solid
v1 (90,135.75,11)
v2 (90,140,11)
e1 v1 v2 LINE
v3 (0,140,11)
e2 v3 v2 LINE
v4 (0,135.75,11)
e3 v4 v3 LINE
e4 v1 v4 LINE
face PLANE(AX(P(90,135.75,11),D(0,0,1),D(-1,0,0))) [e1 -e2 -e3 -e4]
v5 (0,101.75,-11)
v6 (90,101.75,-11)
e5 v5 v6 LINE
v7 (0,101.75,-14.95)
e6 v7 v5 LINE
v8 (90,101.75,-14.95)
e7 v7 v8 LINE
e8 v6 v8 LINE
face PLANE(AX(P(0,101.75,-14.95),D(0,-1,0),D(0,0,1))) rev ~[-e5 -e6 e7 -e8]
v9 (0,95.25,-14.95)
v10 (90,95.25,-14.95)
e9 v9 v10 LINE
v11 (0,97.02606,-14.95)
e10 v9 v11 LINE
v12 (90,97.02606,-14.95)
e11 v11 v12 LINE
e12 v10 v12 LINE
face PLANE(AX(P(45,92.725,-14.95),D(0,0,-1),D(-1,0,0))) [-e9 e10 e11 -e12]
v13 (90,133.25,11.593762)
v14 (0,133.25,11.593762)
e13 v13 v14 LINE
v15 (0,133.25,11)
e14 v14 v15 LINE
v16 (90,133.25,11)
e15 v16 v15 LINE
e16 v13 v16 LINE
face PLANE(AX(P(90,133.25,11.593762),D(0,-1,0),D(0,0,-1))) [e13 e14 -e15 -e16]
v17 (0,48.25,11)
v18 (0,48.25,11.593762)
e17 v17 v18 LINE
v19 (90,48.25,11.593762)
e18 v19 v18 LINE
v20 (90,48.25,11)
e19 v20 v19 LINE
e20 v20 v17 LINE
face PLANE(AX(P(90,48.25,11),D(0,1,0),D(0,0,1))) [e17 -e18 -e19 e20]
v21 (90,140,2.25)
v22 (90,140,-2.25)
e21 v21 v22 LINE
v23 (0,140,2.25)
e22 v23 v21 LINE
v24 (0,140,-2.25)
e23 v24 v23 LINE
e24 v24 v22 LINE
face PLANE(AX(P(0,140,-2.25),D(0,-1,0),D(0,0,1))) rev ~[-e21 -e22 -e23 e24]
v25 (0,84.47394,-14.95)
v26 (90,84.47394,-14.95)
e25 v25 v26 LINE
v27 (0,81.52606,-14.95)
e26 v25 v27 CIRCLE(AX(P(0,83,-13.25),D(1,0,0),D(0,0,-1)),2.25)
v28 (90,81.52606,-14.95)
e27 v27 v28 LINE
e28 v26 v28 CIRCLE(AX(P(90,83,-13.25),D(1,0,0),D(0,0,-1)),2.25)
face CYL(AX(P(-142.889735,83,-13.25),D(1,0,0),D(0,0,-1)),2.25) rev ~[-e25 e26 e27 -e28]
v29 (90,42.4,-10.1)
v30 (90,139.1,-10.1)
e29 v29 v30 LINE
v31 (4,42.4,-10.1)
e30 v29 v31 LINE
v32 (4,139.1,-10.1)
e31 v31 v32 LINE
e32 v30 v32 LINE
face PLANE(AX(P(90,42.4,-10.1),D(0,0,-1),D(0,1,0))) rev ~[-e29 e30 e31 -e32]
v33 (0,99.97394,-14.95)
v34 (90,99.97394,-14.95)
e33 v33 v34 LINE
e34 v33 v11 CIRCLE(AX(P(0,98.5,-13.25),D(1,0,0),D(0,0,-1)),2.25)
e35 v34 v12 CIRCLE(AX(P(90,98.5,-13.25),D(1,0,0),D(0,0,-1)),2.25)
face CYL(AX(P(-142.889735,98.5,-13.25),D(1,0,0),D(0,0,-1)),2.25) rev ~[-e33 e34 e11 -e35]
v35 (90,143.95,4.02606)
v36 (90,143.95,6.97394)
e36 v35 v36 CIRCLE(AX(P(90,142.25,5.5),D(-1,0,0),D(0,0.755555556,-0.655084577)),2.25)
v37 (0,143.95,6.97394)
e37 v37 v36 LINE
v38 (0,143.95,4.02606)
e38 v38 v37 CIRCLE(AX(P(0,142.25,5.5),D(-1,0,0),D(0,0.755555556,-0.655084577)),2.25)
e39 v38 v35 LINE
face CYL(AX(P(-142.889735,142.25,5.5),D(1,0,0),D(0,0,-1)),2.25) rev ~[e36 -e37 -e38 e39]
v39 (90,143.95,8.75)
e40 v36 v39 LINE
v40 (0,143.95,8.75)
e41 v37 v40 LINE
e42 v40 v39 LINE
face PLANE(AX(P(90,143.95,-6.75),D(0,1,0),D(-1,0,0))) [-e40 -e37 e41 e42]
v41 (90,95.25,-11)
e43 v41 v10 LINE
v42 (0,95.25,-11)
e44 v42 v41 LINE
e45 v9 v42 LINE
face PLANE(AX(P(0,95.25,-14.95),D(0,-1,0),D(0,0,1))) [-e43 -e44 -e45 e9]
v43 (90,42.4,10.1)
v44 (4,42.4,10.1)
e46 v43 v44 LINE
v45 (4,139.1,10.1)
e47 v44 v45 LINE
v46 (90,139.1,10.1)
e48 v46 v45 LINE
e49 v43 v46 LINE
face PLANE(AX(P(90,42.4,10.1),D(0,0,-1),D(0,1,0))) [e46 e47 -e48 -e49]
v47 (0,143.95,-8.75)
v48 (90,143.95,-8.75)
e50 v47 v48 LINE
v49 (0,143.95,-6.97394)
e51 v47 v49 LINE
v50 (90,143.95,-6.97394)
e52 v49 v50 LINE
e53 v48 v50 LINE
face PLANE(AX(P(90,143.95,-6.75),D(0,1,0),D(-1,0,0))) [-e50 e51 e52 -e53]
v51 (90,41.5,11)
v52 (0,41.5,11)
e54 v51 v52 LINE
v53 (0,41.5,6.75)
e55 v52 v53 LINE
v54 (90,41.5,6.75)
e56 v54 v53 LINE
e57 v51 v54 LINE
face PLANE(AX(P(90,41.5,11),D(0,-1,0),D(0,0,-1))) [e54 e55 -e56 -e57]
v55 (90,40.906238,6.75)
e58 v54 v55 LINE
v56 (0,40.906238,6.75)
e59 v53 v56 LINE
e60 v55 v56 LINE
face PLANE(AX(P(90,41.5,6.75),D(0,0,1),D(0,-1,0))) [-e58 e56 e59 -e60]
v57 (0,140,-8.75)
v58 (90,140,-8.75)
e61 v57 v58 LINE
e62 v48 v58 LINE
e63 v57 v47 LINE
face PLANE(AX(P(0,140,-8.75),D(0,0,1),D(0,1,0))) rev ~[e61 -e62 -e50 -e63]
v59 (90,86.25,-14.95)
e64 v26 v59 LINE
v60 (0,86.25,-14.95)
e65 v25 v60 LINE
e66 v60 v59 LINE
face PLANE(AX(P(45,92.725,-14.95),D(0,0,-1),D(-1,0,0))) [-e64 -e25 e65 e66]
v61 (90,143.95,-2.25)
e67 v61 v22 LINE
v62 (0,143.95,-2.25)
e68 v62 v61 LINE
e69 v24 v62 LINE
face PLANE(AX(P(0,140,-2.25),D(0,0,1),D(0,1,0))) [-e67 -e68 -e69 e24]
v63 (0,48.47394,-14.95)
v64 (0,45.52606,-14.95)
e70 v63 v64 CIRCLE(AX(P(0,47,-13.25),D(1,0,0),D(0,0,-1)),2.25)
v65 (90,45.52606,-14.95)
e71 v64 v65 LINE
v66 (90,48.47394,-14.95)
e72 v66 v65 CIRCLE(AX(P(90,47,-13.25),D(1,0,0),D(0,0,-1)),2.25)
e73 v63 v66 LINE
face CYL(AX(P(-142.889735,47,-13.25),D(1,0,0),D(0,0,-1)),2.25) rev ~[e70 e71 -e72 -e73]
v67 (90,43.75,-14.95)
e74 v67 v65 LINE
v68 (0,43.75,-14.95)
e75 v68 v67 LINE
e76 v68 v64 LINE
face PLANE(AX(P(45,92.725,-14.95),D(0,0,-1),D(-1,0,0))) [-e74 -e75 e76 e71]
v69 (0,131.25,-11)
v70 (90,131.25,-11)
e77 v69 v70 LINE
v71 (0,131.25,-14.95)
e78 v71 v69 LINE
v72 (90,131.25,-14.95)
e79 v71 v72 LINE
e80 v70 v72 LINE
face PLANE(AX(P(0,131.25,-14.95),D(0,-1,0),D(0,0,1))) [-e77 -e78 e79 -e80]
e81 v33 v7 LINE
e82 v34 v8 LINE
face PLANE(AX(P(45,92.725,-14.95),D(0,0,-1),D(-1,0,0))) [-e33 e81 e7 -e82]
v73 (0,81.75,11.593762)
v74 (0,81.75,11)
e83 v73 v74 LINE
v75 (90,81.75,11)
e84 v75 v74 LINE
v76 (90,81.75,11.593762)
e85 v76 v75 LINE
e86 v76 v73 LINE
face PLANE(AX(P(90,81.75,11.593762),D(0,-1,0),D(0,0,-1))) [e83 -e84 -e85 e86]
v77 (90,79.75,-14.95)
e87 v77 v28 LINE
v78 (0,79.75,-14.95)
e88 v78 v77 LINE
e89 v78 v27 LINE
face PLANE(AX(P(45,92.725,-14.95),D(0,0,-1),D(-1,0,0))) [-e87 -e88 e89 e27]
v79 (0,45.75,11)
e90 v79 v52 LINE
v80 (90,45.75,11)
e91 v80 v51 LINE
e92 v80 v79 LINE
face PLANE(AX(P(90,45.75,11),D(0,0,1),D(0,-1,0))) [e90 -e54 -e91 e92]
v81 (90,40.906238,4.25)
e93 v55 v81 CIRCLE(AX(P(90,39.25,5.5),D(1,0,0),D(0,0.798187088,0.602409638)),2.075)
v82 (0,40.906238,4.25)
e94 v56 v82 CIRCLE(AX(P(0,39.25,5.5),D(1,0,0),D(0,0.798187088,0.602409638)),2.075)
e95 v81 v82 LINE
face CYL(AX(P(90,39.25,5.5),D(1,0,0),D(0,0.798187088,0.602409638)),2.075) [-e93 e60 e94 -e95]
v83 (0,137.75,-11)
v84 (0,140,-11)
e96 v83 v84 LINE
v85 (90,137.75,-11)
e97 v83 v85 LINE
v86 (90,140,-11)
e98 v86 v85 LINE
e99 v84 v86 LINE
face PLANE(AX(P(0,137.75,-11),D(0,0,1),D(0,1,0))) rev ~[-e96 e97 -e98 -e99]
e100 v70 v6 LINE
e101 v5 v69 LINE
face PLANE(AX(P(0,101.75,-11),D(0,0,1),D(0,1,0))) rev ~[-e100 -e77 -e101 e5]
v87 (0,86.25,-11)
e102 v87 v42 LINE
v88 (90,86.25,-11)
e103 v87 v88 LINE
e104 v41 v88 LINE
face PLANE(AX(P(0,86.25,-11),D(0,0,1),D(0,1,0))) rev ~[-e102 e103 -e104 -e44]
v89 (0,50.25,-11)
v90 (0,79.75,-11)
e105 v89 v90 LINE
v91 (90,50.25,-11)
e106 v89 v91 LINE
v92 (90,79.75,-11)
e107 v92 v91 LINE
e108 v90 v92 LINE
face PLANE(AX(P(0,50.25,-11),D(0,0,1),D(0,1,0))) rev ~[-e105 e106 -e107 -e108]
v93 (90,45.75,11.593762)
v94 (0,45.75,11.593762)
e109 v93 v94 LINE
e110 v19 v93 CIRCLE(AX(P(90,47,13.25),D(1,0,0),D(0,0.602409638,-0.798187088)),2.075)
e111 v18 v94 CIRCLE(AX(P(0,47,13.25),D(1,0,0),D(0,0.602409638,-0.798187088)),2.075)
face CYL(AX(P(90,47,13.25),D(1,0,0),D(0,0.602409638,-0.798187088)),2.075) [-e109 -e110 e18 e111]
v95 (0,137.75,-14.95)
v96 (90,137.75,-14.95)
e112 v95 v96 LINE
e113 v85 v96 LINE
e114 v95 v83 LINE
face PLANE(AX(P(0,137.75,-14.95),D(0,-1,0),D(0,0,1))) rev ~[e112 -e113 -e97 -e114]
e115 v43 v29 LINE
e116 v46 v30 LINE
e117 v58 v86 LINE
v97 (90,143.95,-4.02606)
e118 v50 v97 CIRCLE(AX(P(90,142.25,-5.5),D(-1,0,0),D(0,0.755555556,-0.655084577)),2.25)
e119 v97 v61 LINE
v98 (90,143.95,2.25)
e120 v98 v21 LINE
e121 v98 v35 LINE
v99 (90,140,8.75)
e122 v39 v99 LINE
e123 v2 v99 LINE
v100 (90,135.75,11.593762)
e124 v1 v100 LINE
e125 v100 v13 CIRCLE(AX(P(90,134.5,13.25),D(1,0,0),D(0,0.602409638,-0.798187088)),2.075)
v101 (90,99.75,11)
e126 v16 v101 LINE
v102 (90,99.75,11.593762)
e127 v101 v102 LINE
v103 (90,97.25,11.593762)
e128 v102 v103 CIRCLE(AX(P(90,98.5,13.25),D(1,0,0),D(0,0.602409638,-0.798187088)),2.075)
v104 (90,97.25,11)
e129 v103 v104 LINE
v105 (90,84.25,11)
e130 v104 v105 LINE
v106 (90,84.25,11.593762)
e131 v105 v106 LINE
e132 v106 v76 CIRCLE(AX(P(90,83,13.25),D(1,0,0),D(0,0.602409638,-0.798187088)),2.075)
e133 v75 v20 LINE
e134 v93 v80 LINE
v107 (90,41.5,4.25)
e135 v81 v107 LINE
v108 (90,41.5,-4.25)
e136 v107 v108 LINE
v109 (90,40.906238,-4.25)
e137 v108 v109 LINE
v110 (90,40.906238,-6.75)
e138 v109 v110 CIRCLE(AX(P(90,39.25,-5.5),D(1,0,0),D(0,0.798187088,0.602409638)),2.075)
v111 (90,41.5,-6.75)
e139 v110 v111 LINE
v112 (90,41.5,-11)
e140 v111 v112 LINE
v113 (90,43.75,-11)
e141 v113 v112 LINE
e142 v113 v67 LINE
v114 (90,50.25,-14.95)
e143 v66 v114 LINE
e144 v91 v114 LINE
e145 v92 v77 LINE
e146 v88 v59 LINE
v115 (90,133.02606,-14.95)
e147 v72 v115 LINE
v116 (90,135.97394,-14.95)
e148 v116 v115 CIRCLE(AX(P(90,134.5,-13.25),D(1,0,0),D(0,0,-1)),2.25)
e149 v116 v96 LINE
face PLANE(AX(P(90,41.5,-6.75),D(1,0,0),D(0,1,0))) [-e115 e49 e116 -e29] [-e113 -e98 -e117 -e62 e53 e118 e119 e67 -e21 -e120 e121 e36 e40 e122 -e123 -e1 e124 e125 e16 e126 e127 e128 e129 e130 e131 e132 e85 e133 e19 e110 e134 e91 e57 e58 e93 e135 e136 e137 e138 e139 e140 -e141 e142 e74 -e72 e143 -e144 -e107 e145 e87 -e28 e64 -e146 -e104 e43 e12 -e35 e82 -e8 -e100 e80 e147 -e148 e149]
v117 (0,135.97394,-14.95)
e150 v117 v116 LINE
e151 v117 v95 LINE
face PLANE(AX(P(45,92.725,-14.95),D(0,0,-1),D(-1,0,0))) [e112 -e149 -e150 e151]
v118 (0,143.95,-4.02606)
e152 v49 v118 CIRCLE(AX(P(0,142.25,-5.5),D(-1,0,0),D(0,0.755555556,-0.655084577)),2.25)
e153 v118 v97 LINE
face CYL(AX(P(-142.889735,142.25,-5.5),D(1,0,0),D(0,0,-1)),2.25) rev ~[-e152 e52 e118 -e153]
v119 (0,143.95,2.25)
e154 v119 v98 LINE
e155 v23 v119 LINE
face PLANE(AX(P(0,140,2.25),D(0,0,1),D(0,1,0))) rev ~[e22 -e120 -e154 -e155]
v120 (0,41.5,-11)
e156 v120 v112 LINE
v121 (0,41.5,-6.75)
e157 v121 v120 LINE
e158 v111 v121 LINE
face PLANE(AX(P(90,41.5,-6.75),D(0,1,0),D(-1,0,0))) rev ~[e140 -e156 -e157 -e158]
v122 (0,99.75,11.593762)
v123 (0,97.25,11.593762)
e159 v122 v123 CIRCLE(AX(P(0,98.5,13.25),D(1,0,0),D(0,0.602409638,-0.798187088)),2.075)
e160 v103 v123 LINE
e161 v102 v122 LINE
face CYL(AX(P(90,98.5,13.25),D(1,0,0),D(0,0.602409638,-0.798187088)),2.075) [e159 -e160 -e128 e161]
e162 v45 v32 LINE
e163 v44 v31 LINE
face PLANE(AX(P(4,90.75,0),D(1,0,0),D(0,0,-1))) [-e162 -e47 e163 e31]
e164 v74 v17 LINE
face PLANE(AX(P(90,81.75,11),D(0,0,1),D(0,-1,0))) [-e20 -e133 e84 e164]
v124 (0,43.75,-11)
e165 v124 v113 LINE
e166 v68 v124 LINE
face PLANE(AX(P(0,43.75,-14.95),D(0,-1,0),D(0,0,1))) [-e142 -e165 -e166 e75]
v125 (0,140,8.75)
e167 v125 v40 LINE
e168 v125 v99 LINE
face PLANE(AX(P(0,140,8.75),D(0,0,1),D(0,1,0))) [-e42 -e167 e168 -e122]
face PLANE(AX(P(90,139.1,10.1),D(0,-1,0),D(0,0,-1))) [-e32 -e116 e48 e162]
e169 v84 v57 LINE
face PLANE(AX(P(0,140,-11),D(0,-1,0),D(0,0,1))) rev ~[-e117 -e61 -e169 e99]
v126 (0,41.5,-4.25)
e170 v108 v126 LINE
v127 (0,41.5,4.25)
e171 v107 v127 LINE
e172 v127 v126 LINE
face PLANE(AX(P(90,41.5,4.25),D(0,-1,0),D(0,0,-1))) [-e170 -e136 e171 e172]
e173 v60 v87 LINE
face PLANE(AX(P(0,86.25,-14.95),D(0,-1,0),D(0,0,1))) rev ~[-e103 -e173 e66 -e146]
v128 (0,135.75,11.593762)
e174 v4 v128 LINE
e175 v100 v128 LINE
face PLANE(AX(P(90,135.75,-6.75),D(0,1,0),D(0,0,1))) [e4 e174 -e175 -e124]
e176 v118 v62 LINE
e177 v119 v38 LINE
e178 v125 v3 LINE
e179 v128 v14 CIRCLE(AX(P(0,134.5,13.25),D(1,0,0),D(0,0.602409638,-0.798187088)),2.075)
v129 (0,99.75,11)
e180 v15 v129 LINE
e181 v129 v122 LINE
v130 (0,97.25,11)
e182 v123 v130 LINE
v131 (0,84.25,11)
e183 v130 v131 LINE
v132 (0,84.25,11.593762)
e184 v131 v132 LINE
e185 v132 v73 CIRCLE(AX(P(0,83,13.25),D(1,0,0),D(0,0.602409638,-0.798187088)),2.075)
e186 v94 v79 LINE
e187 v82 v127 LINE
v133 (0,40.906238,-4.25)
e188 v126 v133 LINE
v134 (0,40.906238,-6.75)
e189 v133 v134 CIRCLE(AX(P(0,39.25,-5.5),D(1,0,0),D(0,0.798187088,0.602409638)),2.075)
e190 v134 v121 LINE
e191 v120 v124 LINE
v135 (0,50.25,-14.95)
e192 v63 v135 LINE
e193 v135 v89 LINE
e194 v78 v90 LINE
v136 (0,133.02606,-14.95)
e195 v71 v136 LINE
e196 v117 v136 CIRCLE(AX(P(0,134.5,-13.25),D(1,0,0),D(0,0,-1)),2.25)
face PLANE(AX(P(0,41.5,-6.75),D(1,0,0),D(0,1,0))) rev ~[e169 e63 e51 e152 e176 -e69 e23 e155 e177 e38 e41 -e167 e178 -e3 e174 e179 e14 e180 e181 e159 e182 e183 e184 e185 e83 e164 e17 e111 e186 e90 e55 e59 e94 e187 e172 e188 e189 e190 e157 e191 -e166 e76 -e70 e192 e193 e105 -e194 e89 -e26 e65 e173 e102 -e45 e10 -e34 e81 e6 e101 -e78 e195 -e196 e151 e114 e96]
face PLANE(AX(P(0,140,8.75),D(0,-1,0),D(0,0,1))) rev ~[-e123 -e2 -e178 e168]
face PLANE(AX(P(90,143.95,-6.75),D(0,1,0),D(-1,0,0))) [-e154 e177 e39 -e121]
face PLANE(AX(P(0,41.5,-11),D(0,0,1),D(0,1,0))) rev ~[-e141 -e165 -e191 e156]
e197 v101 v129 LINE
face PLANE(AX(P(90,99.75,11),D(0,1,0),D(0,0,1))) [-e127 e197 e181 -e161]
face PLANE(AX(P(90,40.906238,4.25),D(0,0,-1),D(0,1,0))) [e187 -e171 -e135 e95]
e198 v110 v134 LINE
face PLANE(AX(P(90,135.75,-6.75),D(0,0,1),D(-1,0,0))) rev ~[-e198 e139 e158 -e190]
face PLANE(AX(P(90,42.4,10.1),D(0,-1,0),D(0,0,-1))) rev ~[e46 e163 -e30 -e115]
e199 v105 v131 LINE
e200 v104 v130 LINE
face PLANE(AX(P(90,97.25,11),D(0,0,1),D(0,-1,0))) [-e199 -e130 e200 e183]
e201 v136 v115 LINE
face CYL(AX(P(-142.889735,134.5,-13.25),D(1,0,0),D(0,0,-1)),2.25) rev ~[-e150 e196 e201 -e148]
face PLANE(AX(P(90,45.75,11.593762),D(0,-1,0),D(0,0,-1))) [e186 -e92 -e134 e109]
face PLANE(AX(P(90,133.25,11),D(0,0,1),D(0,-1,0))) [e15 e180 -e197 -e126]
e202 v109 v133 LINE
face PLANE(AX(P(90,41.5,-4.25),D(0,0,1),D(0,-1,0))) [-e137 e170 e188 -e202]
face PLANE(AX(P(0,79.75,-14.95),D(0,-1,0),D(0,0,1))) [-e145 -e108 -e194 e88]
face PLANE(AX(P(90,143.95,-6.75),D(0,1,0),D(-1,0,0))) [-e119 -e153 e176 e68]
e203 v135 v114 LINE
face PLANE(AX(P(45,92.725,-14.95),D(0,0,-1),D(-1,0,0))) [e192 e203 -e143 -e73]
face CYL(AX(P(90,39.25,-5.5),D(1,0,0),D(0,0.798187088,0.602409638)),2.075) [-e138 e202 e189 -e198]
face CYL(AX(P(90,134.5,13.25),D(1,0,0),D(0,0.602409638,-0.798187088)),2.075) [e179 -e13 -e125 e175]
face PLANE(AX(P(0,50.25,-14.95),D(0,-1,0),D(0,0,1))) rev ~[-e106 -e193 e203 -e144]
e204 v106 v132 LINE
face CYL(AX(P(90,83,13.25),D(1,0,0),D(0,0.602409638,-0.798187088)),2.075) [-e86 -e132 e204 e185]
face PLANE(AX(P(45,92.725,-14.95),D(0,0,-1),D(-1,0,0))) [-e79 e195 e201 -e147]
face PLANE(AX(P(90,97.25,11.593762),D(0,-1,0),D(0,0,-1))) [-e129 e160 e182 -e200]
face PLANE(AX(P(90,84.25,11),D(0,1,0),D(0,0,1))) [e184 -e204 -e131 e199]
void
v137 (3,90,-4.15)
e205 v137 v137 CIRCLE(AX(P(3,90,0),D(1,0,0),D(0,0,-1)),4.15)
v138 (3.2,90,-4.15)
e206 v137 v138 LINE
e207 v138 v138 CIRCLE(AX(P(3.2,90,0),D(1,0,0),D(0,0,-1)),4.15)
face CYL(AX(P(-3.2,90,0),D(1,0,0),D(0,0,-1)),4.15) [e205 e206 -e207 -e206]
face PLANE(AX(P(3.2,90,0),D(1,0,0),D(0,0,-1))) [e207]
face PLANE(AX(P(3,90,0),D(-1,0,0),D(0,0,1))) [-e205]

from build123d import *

# Parameters (mm, degrees)
EXTRUDE_1_DEPTH             = 90
SKETCH_2_W                  = 90
SKETCH_2_H                  = 17.75
EXTRUDE_2_DEPTH             = 8.2
SKETCH_3_W                  = 90
SKETCH_3_H                  = 102.45
EXTRUDE_3_DEPTH             = 8.2
SKETCH_4_W                  = 3.95
SKETCH_4_H                  = 2.25
CUT_EXTRUDE_1_DEPTH         = 171.45954982
SKETCH_5_W                  = 3.95
SKETCH_5_H                  = 29.5
CUT_EXTRUDE_2_DEPTH         = 171.45954982
SKETCH_6_W                  = 3.95
SKETCH_6_H                  = 9
CUT_EXTRUDE_3_DEPTH         = 171.45954982
SKETCH_7_W                  = 3.95
SKETCH_7_H                  = 29.5
CUT_EXTRUDE_4_DEPTH         = 171.45954982
SKETCH_8_W                  = 3.95
SKETCH_8_H                  = 6.2
CUT_EXTRUDE_5_DEPTH         = 171.45954982
SKETCH_9_W                  = 2.25
SKETCH_9_H                  = 3.95
CUT_EXTRUDE_6_DEPTH         = 171.45954982
SKETCH_10_W                 = 4.5
SKETCH_10_H                 = 3.95
CUT_EXTRUDE_7_DEPTH         = 171.45954982
SKETCH_11_W                 = 2.25
SKETCH_11_H                 = 3.95
CUT_EXTRUDE_8_DEPTH         = 171.45954982
SKETCH_12_W                 = 20.2
SKETCH_12_H                 = 96.7
CUT_EXTRUDE_9_DEPTH         = 86
HOLE_WIZARD_8_3_8_3_1_D     = 8.3
HOLE_WIZARD_8_3_8_3_1_DEPTH = 3.2
HOLE_WIZARD_4_5_4_5_1_D     = 4.5
HOLE_WIZARD_2_5_2_5_1_D     = 2.5
SKETCH_19_R                 = 4.5030807
EXTRUDE_4_DEPTH             = 3
SKETCH_20_R                 = 1.649948342
SKETCH_20_R_2               = 1.660581376
SKETCH_20_R_3               = 1.430745594
SKETCH_20_R_4               = 1.573250385
SKETCH_20_R_5               = 1.502029841
SKETCH_20_R_6               = 1.53795619
EXTRUDE_5_DEPTH             = 90


with BuildPart() as part:
    # Эскиз1 → Бобышка-Вытянуть1 (new body)
    with BuildSketch(Plane(origin=(90, 0, 0), x_dir=(0, 0, -1), z_dir=(1, 0, 0))):
        with BuildLine():
            Line((6.75, 40.906238208), (6.75, 135.75))
            Line((6.75, 135.75), (-11.593761792, 135.75))
            ThreePointArc((-11.593761792, 135.75), (-15.325, 134.5), (-11.593761793, 133.25))
            Line((-11.593761793, 133.25), (-11, 133.25))
            Line((-11, 133.25), (-11, 99.75))
            Line((-11, 99.75), (-11.593761792, 99.75))
            ThreePointArc((-11.593761792, 99.75), (-15.325, 98.5), (-11.593761792, 97.25))
            Line((-11.593761792, 97.25), (-11, 97.25))
            Line((-11, 97.25), (-11, 84.25))
            Line((-11, 84.25), (-11.593761792, 84.25))
            ThreePointArc((-11.593761792, 84.25), (-15.325, 83), (-11.593761792, 81.75))
            Line((-11.593761792, 81.75), (-11, 81.75))
            Line((-11, 81.75), (-11, 48.25))
            Line((-11, 48.25), (-11.593761792, 48.25))
            ThreePointArc((-11.593761792, 48.25), (-15.325, 47), (-11.593761792, 45.75))
            Line((-11.593761792, 45.75), (-11, 45.75))
            Line((-11, 45.75), (-11, 41.5))
            Line((-11, 41.5), (-6.75, 41.5))
            Line((-6.75, 41.5), (-6.75, 40.906238208))
            ThreePointArc((-6.75, 40.906238208), (-5.5, 37.175), (-4.25, 40.906238208))
            Line((-4.25, 40.906238208), (-4.25, 41.5))
            Line((-4.25, 41.5), (4.25, 41.5))
            Line((4.25, 41.5), (4.25, 40.906238208))
            ThreePointArc((4.25, 40.906238208), (5.5, 37.175), (6.75, 40.906238208))
        make_face()
    extrude(amount=-EXTRUDE_1_DEPTH)

    # Эскиз2 → Бобышка-Вытянуть2 (add)
    with BuildSketch(Plane(origin=(0, 135.75, 0), x_dir=(-1, 0, 0), z_dir=(0, 1, 0))):
        with Locations((-45, 2.125)):
            Rectangle(SKETCH_2_W, SKETCH_2_H)
    extrude(amount=EXTRUDE_2_DEPTH)

    # Эскиз3 → Бобышка-Вытянуть3 (add)
    with BuildSketch(Plane(origin=(0, 0, -6.75), x_dir=(-1, 0, 0), z_dir=(0, 0, -1))):
        with Locations((-45, 92.725)):
            Rectangle(SKETCH_3_W, SKETCH_3_H)
    extrude(amount=EXTRUDE_3_DEPTH)

    # Эскиз4 → Вырез-Вытянуть1 (cut, through all)
    with BuildSketch(Plane.ZY):
        with Locations((-12.975, 42.625)):
            Rectangle(SKETCH_4_W, SKETCH_4_H)
    extrude(amount=-CUT_EXTRUDE_1_DEPTH, mode=Mode.SUBTRACT)

    # Эскиз5 → Вырез-Вытянуть2 (cut, through all)
    with BuildSketch(Plane.ZY):
        with Locations((-12.975, 65)):
            Rectangle(SKETCH_5_W, SKETCH_5_H)
    extrude(amount=-CUT_EXTRUDE_2_DEPTH, mode=Mode.SUBTRACT)

    # Эскиз6 → Вырез-Вытянуть3 (cut, through all)
    with BuildSketch(Plane.ZY):
        with Locations((-12.975, 90.75)):
            Rectangle(SKETCH_6_W, SKETCH_6_H)
    extrude(amount=-CUT_EXTRUDE_3_DEPTH, mode=Mode.SUBTRACT)

    # Эскиз7 → Вырез-Вытянуть4 (cut, through all)
    with BuildSketch(Plane.ZY):
        with Locations((-12.975, 116.5)):
            Rectangle(SKETCH_7_W, SKETCH_7_H)
    extrude(amount=-CUT_EXTRUDE_4_DEPTH, mode=Mode.SUBTRACT)

    # Эскиз8 → Вырез-Вытянуть5 (cut, through all)
    with BuildSketch(Plane.ZY):
        with Locations((-12.975, 140.85)):
            Rectangle(SKETCH_8_W, SKETCH_8_H)
    extrude(amount=-CUT_EXTRUDE_5_DEPTH, mode=Mode.SUBTRACT)

    # Эскиз9 → Вырез-Вытянуть6 (cut, through all)
    with BuildSketch(Plane.ZY):
        with Locations((-9.875, 141.975)):
            Rectangle(SKETCH_9_W, SKETCH_9_H)
    extrude(amount=-CUT_EXTRUDE_6_DEPTH, mode=Mode.SUBTRACT)

    # Эскиз10 → Вырез-Вытянуть7 (cut, through all)
    with BuildSketch(Plane.ZY):
        with Locations((0, 141.975)):
            Rectangle(SKETCH_10_W, SKETCH_10_H)
    extrude(amount=-CUT_EXTRUDE_7_DEPTH, mode=Mode.SUBTRACT)

    # Эскиз11 → Вырез-Вытянуть8 (cut, through all)
    with BuildSketch(Plane.ZY):
        with Locations((9.875, 141.975)):
            Rectangle(SKETCH_11_W, SKETCH_11_H)
    extrude(amount=-CUT_EXTRUDE_8_DEPTH, mode=Mode.SUBTRACT)

    # Эскиз12 → Вырез-Вытянуть9 (cut)
    with BuildSketch(Plane(origin=(90, 0, 0), x_dir=(0, 0, -1), z_dir=(1, 0, 0))):
        with Locations((0, 90.75)):
            Rectangle(SKETCH_12_W, SKETCH_12_H)
    extrude(amount=-CUT_EXTRUDE_9_DEPTH, mode=Mode.SUBTRACT)

    # Диаметр отверстия Ø8.3 (8.3)1
    with Locations(Plane.ZY):
        with Locations((0, 90)):
            Hole(HOLE_WIZARD_8_3_8_3_1_D / 2, depth=HOLE_WIZARD_8_3_8_3_1_DEPTH)

    # Диаметр отверстия Ø4.5 (4.5)1 (through all)
    with Locations(Plane.ZY):
        with Locations((-13.25, 47), (-13.25, 83), (-13.25, 98.5), (-13.25, 134.5), (-5.5, 142.25), (5.5, 142.25)):
            Hole(HOLE_WIZARD_4_5_4_5_1_D / 2)

    # Диаметр отверстия Ø2.5 (2.5)1 (through all)
    with Locations(Plane(origin=(90, 0, 0), x_dir=(0, 0, -1), z_dir=(1, 0, 0))):
        with Locations((-13.25, 98.5), (-13.25, 134.5), (-13.25, 47), (-13.25, 83), (5.5, 39.25), (-5.5, 39.25)):
            Hole(HOLE_WIZARD_2_5_2_5_1_D / 2)

    # Эскиз19 → Бобышка-Вытянуть4 (add)
    with BuildSketch(Plane.ZY):
        with Locations((0, 90)):
            Circle(SKETCH_19_R)
    extrude(amount=-EXTRUDE_4_DEPTH)

    # Эскиз20 → Бобышка-Вытянуть5 (add)
    with BuildSketch(Plane(origin=(90, 0, 0), x_dir=(0, 0, -1), z_dir=(1, 0, 0))):
        with Locations((-13.25, 134.5)):
            Circle(SKETCH_20_R)
        with Locations((-13.25, 98.5)):
            Circle(SKETCH_20_R_2)
        with Locations((-13.25, 83)):
            Circle(SKETCH_20_R_3)
        with Locations((-13.25, 47)):
            Circle(SKETCH_20_R_4)
        with Locations((-5.5, 39.25)):
            Circle(SKETCH_20_R_5)
        with Locations((5.5, 39.25)):
            Circle(SKETCH_20_R_6)
    extrude(amount=-EXTRUDE_5_DEPTH)


solid = part.part
